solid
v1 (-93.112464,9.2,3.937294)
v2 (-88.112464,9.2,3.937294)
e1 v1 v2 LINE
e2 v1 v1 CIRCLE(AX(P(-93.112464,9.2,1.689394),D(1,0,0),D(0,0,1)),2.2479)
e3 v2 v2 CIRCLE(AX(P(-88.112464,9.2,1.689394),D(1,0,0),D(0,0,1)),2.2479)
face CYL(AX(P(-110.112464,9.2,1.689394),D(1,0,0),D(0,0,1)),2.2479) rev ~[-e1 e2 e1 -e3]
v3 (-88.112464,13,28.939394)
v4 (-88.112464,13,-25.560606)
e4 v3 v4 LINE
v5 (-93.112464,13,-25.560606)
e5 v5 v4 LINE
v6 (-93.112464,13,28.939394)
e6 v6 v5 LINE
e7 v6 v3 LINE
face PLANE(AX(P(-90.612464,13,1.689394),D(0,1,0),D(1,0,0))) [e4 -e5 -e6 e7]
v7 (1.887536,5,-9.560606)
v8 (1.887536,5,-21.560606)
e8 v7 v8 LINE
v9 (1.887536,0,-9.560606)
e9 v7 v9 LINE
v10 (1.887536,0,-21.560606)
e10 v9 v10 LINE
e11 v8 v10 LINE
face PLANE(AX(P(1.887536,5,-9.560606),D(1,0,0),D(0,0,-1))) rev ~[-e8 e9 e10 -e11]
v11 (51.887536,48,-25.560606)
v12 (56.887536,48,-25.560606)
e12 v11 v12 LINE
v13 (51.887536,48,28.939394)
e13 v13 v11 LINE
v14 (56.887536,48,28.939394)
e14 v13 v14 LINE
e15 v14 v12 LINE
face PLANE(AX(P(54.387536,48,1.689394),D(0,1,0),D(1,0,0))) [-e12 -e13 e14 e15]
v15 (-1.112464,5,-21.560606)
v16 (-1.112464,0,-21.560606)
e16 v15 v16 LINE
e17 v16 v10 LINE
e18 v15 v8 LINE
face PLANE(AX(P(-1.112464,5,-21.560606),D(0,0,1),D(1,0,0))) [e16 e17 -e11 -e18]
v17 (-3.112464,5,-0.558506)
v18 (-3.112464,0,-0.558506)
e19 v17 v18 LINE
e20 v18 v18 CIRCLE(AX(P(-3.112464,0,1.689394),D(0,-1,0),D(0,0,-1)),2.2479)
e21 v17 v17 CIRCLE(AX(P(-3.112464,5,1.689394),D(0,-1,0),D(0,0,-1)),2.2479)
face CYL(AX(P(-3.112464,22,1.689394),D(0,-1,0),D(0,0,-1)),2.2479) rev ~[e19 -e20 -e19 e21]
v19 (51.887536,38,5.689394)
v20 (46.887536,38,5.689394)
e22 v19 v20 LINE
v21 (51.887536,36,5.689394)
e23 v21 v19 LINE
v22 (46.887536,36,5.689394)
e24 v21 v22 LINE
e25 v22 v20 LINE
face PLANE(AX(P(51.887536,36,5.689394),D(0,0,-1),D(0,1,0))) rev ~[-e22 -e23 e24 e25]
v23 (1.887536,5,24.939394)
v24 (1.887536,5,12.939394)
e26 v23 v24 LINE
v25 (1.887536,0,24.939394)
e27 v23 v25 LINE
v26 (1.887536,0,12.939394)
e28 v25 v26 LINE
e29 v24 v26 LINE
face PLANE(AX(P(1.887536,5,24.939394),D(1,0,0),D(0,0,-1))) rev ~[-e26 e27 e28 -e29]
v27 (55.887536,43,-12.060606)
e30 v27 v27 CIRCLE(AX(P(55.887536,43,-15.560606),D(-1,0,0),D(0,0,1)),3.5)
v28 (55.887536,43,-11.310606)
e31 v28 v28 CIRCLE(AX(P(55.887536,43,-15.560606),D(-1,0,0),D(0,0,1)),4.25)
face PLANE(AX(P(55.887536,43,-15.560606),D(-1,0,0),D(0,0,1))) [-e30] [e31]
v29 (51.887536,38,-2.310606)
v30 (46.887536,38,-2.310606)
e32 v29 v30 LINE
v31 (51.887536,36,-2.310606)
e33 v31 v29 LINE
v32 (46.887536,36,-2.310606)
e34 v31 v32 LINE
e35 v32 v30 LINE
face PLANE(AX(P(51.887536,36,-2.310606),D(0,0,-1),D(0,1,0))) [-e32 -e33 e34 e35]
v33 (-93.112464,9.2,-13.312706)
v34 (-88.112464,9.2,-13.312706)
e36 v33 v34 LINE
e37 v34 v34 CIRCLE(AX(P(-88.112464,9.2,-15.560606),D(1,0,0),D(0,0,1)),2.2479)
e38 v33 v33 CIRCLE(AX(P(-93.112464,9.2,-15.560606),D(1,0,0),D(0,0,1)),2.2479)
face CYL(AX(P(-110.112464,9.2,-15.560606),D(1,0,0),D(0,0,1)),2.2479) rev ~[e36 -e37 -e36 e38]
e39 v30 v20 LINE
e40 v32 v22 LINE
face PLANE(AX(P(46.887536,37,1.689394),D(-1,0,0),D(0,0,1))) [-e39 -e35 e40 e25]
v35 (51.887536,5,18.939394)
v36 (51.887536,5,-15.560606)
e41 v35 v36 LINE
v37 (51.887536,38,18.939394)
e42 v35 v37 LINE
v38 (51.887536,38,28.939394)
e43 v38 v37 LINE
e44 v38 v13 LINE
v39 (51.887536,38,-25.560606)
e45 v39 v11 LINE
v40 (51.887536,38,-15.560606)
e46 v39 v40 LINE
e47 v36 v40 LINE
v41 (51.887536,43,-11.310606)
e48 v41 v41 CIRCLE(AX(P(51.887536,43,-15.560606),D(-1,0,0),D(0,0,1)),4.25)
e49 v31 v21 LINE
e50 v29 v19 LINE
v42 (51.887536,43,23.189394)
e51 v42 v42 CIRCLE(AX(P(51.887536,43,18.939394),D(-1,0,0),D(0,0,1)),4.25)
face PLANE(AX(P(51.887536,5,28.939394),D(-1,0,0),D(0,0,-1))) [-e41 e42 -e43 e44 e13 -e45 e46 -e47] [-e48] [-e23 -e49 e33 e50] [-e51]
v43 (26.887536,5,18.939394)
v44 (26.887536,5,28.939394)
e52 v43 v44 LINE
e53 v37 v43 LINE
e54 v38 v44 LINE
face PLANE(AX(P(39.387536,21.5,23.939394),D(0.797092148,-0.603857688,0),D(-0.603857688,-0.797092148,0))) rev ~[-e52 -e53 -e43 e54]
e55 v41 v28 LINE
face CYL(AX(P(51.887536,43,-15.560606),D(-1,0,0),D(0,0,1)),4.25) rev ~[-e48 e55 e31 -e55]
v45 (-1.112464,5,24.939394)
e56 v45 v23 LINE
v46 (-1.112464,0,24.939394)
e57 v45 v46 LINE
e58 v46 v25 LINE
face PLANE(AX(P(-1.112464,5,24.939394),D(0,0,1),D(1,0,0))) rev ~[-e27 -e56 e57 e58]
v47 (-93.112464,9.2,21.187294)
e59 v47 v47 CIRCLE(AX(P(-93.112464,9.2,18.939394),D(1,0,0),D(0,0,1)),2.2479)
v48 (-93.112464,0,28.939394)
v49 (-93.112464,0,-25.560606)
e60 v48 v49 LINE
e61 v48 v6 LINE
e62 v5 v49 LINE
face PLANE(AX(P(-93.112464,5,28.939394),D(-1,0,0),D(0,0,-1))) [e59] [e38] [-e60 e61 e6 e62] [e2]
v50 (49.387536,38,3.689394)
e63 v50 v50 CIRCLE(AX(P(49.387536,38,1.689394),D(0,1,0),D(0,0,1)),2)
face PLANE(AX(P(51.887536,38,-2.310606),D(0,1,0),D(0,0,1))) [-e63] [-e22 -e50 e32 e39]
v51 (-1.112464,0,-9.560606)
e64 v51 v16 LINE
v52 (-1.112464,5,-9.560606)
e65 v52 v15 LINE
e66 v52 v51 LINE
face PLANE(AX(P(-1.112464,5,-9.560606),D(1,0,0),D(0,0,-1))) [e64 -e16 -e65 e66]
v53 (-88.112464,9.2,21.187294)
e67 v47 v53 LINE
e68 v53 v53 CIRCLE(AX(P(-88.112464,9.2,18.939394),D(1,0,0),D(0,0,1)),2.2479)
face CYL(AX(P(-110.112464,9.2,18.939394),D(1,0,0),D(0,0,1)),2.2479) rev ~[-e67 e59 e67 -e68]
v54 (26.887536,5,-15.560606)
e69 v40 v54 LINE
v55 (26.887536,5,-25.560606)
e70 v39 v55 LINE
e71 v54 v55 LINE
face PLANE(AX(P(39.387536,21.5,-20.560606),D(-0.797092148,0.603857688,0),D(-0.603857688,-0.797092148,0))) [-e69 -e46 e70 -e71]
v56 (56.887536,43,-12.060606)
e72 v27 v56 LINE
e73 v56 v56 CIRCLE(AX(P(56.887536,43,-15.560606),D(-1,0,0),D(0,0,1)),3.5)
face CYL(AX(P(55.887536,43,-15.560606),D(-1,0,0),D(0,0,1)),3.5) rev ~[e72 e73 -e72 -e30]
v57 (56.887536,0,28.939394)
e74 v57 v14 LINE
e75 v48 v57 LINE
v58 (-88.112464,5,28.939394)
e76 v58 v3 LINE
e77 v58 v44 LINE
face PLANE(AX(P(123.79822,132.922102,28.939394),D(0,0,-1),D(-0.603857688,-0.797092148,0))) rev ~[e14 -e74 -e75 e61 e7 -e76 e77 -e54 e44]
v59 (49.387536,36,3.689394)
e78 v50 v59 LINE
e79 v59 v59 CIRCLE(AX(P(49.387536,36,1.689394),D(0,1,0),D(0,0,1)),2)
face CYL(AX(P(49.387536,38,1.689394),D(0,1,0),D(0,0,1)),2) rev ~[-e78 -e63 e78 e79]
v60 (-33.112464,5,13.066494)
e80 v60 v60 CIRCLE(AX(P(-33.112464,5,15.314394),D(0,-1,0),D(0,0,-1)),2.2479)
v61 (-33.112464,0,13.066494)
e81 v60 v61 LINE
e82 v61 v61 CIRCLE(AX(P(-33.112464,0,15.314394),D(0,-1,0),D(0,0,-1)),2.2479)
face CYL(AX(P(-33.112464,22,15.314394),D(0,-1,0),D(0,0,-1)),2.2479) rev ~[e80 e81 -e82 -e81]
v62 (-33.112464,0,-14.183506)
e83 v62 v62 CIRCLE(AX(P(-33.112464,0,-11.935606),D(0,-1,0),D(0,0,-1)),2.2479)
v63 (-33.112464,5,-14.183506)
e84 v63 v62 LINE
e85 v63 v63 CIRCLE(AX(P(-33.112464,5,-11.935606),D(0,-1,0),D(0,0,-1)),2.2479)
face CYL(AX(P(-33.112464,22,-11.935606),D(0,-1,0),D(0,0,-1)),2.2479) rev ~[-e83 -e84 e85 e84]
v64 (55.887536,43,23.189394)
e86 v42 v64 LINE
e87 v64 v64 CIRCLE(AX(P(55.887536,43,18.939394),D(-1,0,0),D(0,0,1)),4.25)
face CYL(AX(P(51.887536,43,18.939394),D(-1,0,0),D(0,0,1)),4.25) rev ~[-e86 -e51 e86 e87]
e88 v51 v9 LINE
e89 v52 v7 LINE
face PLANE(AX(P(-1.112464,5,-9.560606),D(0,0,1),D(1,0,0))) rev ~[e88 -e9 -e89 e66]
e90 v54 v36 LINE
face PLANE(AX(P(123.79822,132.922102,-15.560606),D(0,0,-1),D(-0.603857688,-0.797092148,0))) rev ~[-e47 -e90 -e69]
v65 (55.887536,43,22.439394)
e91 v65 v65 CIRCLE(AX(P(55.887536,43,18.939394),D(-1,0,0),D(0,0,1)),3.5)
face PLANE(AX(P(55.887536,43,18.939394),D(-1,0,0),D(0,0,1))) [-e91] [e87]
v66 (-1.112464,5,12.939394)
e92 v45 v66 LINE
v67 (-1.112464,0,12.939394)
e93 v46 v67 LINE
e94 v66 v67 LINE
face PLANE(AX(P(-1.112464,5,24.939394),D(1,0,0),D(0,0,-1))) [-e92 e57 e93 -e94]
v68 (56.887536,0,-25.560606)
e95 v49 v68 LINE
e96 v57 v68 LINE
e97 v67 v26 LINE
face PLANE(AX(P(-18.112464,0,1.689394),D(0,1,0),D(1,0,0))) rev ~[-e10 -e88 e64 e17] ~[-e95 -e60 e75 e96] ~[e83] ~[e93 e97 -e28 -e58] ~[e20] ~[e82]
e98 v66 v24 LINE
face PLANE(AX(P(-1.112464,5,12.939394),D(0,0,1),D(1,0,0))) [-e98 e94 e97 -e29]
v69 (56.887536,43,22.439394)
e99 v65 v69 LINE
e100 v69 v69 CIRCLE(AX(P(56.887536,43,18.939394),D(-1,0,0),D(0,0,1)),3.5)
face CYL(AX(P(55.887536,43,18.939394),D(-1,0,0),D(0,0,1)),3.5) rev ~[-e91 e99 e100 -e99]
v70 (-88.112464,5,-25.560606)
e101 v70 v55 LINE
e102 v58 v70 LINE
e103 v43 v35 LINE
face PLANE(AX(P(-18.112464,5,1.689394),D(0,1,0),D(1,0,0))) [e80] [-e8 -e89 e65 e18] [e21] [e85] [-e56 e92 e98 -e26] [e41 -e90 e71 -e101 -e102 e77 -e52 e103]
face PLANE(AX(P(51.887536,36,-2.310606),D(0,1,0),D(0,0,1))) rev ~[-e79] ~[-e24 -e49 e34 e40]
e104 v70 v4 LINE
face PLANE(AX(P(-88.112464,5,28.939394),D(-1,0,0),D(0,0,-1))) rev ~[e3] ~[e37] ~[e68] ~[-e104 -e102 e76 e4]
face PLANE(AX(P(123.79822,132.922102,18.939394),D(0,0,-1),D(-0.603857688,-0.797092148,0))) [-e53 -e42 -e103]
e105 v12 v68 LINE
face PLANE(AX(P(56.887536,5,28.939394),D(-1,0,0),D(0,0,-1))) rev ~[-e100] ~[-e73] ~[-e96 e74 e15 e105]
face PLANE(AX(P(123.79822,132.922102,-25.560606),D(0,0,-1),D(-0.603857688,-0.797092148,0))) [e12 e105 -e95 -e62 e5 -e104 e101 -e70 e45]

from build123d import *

# Parameters (mm, degrees)
SKETCH1_W                 = 150
SKETCH1_H                 = 54.5
BOSS_EXTRUDE1_DEPTH       = 5
SKETCH2_W                 = 5
SKETCH2_H                 = 54.5
BOSS_EXTRUDE2_DEPTH       = 8
F_8_CLEARANCE_HOLE1_D     = 4.4958
F_8_CLEARANCE_HOLE1_DEPTH = 17
F_8_CLEARANCE_HOLE1_TIP   = 1.350674586
SKETCH7_W                 = 5
SKETCH7_H                 = 54.5
BOSS_EXTRUDE3_DEPTH       = 43
SKETCH8_R                 = 4.25
CUT_EXTRUDE1_DEPTH        = 4
RIB1_REACH                = 120.085
SKETCH10_WALL_W           = 279.571445908
SKETCH10_WALL_H           = 10
RIB3_REACH                = 120.085
SKETCH12_WALL_W           = 279.571445908
SKETCH12_WALL_H           = 10
SKETCH13_W                = 8
SKETCH13_H                = 2
BOSS_EXTRUDE4_DEPTH       = 5
SKETCH14_R                = 2
CUT_EXTRUDE2_DEPTH        = 2
SKETCH15_R                = 3.5
CUT_EXTRUDE3_DEPTH        = 1
SKETCH16_W                = 3
SKETCH16_H                = 12
CUT_EXTRUDE4_DEPTH        = 5
F_8_CLEARANCE_HOLE2_D     = 4.4958
F_8_CLEARANCE_HOLE2_DEPTH = 17
F_8_CLEARANCE_HOLE2_TIP   = 1.350674586


with BuildPart() as part:
    # Sketch1 → Boss-Extrude1 (new body)
    with BuildSketch(Plane(origin=(0, 0, 0), x_dir=(1, 0, 0), z_dir=(0, 1, 0))):
        with Locations((-18.112463826, -1.689393939)):
            Rectangle(SKETCH1_W, SKETCH1_H)
    extrude(amount=BOSS_EXTRUDE1_DEPTH)

    # Sketch2 → Boss-Extrude2 (add)
    with BuildSketch(Plane(origin=(0, 5, 0), x_dir=(1, 0, 0), z_dir=(0, 1, 0))):
        with Locations((-90.612463826, -1.689393939)):
            Rectangle(SKETCH2_W, SKETCH2_H)
    extrude(amount=BOSS_EXTRUDE2_DEPTH)

    # #8 Clearance Hole1
    with Locations(Plane(origin=(-93.112463826, 9.2, -15.560606061), x_dir=(0, 0, -1), z_dir=(-1, 0, 0))):
        with Locations((0, 0), (-17.25, 0), (-34.5, 0)):
            Hole(F_8_CLEARANCE_HOLE1_D / 2, depth=F_8_CLEARANCE_HOLE1_DEPTH)
            with Locations((0, 0, -(F_8_CLEARANCE_HOLE1_DEPTH + F_8_CLEARANCE_HOLE1_TIP / 2))):  # 118° drill point
                Cone(0, F_8_CLEARANCE_HOLE1_D / 2, F_8_CLEARANCE_HOLE1_TIP, mode=Mode.SUBTRACT)

    # Sketch7 → Boss-Extrude3 (add)
    with BuildSketch(Plane(origin=(0, 5, 0), x_dir=(1, 0, 0), z_dir=(0, 1, 0))):
        with Locations((54.387536174, -1.689393939)):
            Rectangle(SKETCH7_W, SKETCH7_H)
    extrude(amount=BOSS_EXTRUDE3_DEPTH)

    # Sketch8 → Cut-Extrude1 (cut)
    with BuildSketch(Plane.ZY.offset(-51.887536174)):
        with Locations((-15.560606061, 43)):
            Circle(SKETCH8_R)
        with Locations((18.939393939, 43)):
            Circle(SKETCH8_R)
    extrude(amount=-CUT_EXTRUDE1_DEPTH, mode=Mode.SUBTRACT)

    # Sketch10 wall → Rib1 (add, up to next)
    with BuildSketch(Plane(origin=(39.387536174, 21.5, -25.560606061), x_dir=(-0.603857687995, -0.797092148154, 0), z_dir=(-0.797092148154, 0.603857687995, 0)), mode=Mode.PRIVATE) as rib1_sk1:
        with Locations((0, 5)):
            Rectangle(SKETCH10_WALL_W, SKETCH10_WALL_H)
    rib1_tool1 = extrude(rib1_sk1.sketch, amount=-RIB1_REACH, mode=Mode.PRIVATE) - part.part
    add(rib1_tool1.solids().sort_by_distance((39.387536174, 21.5, -25.560606061))[0])

    # Sketch12 wall → Rib3 (add, up to next)
    with BuildSketch(Plane(origin=(39.387536174, 21.5, 28.939393939), x_dir=(-0.603857687995, -0.797092148154, 0), z_dir=(0.797092148154, -0.603857687995, 0)), mode=Mode.PRIVATE) as rib3_sk1:
        with Locations((0, 5)):
            Rectangle(SKETCH12_WALL_W, SKETCH12_WALL_H)
    rib3_tool1 = extrude(rib3_sk1.sketch, amount=RIB3_REACH, mode=Mode.PRIVATE) - part.part
    add(rib3_tool1.solids().sort_by_distance((39.387536174, 21.5, 28.939393939))[0])

    # Sketch13 → Boss-Extrude4 (add)
    with BuildSketch(Plane.ZY.offset(-51.887536174)):
        with Locations((1.689393939, 37)):
            Rectangle(SKETCH13_W, SKETCH13_H)
    extrude(amount=BOSS_EXTRUDE4_DEPTH)

    # Sketch14 → Cut-Extrude2 (cut)
    with BuildSketch(Plane(origin=(0, 38, 0), x_dir=(1, 0, 0), z_dir=(0, 1, 0))):
        with Locations(Location((49.387536174, -1.689393939, 0), (0, 0, 270))):
            Circle(SKETCH14_R)
    extrude(amount=-CUT_EXTRUDE2_DEPTH, mode=Mode.SUBTRACT)

    # Sketch15 → Cut-Extrude3 (cut)
    with BuildSketch(Plane.ZY.offset(-55.887536174)):
        with Locations((-15.560606061, 43)):
            Circle(SKETCH15_R)
        with Locations((18.939393939, 43)):
            Circle(SKETCH15_R)
    extrude(amount=-CUT_EXTRUDE3_DEPTH, mode=Mode.SUBTRACT)

    # Sketch16 → Cut-Extrude4 (cut)
    with BuildSketch(Plane(origin=(0, 5, 0), x_dir=(1, 0, 0), z_dir=(0, 1, 0))):
        with Locations((0.387536174, 15.560606061)):
            Rectangle(SKETCH16_W, SKETCH16_H)
        with Locations((0.387536174, -18.939393939)):
            Rectangle(SKETCH16_W, SKETCH16_H)
    extrude(amount=-CUT_EXTRUDE4_DEPTH, mode=Mode.SUBTRACT)

    # #8 Clearance Hole2
    with Locations(Plane(origin=(-3.112463826, 5, 1.689393939), x_dir=(0, 0, 1), z_dir=(0, 1, 0))):
        with Locations((0, 0), (13.625, -30), (-13.625, -30)):
            Hole(F_8_CLEARANCE_HOLE2_D / 2, depth=F_8_CLEARANCE_HOLE2_DEPTH)
            with Locations((0, 0, -(F_8_CLEARANCE_HOLE2_DEPTH + F_8_CLEARANCE_HOLE2_TIP / 2))):  # 118° drill point
                Cone(0, F_8_CLEARANCE_HOLE2_D / 2, F_8_CLEARANCE_HOLE2_TIP, mode=Mode.SUBTRACT)


solid = part.part
